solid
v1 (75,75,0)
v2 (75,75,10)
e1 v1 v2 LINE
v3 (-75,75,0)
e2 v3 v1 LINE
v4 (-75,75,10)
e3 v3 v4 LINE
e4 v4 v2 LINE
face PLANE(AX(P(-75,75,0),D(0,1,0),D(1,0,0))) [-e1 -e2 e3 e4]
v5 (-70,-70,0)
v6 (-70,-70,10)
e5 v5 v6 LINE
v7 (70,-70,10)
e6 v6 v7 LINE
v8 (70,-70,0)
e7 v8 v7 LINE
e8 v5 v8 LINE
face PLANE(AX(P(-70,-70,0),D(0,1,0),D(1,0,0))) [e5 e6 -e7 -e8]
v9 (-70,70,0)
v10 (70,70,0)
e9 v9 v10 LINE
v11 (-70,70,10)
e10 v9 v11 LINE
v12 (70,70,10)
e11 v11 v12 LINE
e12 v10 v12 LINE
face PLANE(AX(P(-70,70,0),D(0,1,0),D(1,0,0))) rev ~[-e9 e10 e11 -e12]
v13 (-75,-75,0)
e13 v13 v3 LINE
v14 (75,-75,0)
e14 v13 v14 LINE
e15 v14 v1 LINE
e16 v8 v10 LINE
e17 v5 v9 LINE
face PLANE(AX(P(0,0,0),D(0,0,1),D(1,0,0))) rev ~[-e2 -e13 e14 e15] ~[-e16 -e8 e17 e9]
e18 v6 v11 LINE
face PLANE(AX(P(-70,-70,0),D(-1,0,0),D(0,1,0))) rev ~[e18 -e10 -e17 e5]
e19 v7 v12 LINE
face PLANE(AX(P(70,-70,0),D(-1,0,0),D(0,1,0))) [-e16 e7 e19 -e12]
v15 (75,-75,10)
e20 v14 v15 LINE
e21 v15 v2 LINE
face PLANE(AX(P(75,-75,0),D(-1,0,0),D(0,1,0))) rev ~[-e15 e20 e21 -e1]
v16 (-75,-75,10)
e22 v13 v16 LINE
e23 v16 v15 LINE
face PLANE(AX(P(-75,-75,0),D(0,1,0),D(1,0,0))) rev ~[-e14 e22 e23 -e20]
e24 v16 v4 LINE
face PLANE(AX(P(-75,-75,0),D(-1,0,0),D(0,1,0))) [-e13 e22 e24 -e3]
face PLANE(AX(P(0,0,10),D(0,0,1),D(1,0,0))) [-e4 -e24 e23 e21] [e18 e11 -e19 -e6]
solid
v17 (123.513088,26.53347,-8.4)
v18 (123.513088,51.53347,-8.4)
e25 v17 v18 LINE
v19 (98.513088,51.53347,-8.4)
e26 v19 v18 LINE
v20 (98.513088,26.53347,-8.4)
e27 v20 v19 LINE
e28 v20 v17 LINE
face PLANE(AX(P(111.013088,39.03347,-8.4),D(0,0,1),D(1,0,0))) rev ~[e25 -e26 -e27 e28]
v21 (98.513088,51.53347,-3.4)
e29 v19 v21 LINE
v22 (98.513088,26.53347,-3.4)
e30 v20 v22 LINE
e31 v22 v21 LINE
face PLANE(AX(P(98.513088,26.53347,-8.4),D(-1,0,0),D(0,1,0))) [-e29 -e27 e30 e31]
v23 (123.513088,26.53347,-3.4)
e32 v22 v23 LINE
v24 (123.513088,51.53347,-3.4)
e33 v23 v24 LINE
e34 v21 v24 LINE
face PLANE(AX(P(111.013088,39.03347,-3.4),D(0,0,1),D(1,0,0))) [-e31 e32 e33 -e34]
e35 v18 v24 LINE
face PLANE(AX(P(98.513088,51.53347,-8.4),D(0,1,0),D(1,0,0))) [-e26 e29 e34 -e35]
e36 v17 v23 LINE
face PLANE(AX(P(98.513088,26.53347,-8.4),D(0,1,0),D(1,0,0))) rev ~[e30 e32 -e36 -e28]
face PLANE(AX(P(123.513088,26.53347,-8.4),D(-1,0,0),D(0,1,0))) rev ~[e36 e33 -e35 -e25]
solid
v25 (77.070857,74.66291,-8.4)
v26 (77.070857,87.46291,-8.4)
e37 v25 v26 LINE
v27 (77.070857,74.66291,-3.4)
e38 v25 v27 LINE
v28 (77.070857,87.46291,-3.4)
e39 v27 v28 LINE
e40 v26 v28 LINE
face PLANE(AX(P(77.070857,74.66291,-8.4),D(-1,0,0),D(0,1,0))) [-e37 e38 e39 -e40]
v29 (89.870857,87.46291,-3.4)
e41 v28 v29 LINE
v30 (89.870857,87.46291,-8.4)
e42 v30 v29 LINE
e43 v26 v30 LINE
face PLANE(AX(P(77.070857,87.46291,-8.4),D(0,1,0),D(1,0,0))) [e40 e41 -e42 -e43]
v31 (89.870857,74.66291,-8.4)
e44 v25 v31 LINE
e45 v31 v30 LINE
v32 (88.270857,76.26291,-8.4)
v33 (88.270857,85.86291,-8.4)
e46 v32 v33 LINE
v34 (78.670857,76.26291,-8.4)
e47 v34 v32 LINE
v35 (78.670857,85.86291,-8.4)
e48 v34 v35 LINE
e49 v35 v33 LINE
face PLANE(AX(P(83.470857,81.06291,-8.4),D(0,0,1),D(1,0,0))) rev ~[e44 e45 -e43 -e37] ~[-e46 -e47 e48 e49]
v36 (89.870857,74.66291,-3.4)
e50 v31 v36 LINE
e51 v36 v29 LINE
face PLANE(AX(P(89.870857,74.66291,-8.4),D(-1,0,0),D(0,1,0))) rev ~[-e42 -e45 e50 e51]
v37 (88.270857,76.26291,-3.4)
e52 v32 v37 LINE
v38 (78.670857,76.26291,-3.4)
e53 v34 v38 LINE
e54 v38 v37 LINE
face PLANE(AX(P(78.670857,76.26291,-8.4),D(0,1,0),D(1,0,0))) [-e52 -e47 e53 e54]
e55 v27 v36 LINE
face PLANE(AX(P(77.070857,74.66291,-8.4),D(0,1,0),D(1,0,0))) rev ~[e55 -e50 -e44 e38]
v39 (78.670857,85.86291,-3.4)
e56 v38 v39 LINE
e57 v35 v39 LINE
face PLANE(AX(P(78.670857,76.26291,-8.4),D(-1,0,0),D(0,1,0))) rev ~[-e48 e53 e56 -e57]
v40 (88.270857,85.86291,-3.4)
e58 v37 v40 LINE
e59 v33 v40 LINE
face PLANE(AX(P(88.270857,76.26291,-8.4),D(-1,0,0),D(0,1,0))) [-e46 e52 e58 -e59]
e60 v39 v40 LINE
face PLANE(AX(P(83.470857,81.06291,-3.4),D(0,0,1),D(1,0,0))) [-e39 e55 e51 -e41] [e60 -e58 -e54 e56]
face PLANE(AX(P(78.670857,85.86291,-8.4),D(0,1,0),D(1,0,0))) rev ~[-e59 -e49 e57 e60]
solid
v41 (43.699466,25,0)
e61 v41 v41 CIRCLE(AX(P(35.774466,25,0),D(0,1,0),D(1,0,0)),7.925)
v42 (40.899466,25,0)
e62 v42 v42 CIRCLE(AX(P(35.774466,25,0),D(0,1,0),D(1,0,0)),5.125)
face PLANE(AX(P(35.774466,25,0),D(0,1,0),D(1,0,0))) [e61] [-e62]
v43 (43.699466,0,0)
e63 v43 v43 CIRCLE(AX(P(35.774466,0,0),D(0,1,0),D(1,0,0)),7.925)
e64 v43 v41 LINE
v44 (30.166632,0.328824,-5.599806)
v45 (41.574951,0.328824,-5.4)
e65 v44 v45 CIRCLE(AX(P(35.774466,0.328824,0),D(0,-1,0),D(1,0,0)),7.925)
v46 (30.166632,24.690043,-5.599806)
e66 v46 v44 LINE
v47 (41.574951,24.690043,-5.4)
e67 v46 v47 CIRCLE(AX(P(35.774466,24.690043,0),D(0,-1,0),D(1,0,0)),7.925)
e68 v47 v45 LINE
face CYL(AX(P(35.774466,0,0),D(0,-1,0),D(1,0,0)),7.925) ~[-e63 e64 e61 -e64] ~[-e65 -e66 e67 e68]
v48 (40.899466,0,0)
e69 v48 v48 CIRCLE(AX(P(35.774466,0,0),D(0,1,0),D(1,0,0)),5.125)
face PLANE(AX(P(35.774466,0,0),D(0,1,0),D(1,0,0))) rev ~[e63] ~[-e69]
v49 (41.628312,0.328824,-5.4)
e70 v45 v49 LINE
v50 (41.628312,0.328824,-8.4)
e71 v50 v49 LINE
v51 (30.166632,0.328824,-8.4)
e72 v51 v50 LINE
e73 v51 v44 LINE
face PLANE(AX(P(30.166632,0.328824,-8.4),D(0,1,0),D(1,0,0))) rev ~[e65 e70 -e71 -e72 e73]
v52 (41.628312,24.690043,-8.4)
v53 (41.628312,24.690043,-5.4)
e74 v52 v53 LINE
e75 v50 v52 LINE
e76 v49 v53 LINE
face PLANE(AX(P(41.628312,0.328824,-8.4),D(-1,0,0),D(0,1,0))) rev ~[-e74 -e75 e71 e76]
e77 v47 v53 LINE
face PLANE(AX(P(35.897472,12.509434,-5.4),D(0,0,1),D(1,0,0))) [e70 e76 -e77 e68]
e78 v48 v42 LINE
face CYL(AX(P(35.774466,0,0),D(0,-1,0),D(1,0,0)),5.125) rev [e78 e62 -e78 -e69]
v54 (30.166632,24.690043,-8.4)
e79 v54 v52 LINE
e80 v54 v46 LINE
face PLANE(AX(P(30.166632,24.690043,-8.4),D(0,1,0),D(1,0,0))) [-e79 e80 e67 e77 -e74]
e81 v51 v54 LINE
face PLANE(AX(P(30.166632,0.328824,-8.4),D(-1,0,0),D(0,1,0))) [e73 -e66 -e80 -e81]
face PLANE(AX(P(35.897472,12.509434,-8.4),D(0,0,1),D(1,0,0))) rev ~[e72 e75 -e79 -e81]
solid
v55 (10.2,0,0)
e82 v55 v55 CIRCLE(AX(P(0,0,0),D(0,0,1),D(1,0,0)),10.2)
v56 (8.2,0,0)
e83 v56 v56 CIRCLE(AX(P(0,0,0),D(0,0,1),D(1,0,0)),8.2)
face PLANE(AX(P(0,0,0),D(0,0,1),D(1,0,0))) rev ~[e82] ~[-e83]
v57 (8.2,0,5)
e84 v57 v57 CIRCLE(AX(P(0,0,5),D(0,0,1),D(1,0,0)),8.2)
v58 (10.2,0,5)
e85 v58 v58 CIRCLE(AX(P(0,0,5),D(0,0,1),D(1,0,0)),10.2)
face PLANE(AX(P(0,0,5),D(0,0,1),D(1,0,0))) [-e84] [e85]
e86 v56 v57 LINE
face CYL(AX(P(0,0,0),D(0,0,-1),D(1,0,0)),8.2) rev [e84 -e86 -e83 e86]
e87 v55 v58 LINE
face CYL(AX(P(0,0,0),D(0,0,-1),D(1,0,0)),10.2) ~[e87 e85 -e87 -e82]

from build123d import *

# Parameters (mm, degrees)
F0_W     = 150
F0_H     = 150
F0_W_2   = 140
F0_H_2   = 140
F1_DEPTH = 10
F0_R     = 10.2
F0_R_2   = 8.2
F2_DEPTH = 5
F0_R_3   = 7.925
F0_R_4   = 5.125
F3_DEPTH = 25
F4_ANGLE = 90
F6_W     = 11.461680755
F6_H     = 24.3612193444
F7_DEPTH = 3
F8_W     = 12.8
F8_H     = 12.8
F8_W_2   = 9.6
F8_H_2   = 9.6
F9_DEPTH = 5
F8_W_3   = 25
F8_H_3   = 25


with BuildPart() as f1:
    # F0 (on Top) → F1 (new body)
    with BuildSketch(Plane.XY):
        Rectangle(F0_W, F0_H)
        Rectangle(F0_W_2, F0_H_2, mode=Mode.SUBTRACT)
    extrude(amount=F1_DEPTH)


with BuildPart() as f2:
    # F0 (on Top) → F2 (new body)
    with BuildSketch(Plane.XY):
        Circle(F0_R)
        Circle(F0_R_2, mode=Mode.SUBTRACT)
    extrude(amount=F2_DEPTH)


with BuildPart() as f3:
    # F0 (on Top) → F3 (new body)
    with BuildSketch(Plane.XY):
        with Locations((35.7744656503, 0)):
            Circle(F0_R_3)
        with Locations((35.7744656503, 0)):
            Circle(F0_R_4, mode=Mode.SUBTRACT)
    extrude(amount=F3_DEPTH)


with BuildPart() as f3_1:
    # F4: moved
    add(f3.part.rotate(Axis((-24.074178189, 0, 0), (-1, 0, 0)), F4_ANGLE))

    # F6 (on offset) → F7 (join)
    with BuildSketch(Plane.XY.offset(-8.4)):
        with Locations((35.897471942, 12.509433509)):
            Rectangle(F6_W, F6_H)
    extrude(amount=F7_DEPTH)


with BuildPart() as f9:
    # F8 (on offset) → F9 (new body)
    with BuildSketch(Plane.XY.offset(-8.4)):
        with Locations((83.470857326, 81.062909615)):
            Rectangle(F8_W, F8_H)
        with Locations((83.470857326, 81.062909615)):
            Rectangle(F8_W_2, F8_H_2, mode=Mode.SUBTRACT)
    extrude(amount=F9_DEPTH)


with BuildPart() as f9b:
    # F8 (on offset) → F9, piece 2 (new body)
    with BuildSketch(Plane.XY.offset(-8.4)):
        with Locations((111.0130876303, 39.0334695578)):
            Rectangle(F8_W_3, F8_H_3)
    extrude(amount=F9_DEPTH)


solid = Compound([f1.part, f2.part, f3_1.part, f9.part, f9b.part])
